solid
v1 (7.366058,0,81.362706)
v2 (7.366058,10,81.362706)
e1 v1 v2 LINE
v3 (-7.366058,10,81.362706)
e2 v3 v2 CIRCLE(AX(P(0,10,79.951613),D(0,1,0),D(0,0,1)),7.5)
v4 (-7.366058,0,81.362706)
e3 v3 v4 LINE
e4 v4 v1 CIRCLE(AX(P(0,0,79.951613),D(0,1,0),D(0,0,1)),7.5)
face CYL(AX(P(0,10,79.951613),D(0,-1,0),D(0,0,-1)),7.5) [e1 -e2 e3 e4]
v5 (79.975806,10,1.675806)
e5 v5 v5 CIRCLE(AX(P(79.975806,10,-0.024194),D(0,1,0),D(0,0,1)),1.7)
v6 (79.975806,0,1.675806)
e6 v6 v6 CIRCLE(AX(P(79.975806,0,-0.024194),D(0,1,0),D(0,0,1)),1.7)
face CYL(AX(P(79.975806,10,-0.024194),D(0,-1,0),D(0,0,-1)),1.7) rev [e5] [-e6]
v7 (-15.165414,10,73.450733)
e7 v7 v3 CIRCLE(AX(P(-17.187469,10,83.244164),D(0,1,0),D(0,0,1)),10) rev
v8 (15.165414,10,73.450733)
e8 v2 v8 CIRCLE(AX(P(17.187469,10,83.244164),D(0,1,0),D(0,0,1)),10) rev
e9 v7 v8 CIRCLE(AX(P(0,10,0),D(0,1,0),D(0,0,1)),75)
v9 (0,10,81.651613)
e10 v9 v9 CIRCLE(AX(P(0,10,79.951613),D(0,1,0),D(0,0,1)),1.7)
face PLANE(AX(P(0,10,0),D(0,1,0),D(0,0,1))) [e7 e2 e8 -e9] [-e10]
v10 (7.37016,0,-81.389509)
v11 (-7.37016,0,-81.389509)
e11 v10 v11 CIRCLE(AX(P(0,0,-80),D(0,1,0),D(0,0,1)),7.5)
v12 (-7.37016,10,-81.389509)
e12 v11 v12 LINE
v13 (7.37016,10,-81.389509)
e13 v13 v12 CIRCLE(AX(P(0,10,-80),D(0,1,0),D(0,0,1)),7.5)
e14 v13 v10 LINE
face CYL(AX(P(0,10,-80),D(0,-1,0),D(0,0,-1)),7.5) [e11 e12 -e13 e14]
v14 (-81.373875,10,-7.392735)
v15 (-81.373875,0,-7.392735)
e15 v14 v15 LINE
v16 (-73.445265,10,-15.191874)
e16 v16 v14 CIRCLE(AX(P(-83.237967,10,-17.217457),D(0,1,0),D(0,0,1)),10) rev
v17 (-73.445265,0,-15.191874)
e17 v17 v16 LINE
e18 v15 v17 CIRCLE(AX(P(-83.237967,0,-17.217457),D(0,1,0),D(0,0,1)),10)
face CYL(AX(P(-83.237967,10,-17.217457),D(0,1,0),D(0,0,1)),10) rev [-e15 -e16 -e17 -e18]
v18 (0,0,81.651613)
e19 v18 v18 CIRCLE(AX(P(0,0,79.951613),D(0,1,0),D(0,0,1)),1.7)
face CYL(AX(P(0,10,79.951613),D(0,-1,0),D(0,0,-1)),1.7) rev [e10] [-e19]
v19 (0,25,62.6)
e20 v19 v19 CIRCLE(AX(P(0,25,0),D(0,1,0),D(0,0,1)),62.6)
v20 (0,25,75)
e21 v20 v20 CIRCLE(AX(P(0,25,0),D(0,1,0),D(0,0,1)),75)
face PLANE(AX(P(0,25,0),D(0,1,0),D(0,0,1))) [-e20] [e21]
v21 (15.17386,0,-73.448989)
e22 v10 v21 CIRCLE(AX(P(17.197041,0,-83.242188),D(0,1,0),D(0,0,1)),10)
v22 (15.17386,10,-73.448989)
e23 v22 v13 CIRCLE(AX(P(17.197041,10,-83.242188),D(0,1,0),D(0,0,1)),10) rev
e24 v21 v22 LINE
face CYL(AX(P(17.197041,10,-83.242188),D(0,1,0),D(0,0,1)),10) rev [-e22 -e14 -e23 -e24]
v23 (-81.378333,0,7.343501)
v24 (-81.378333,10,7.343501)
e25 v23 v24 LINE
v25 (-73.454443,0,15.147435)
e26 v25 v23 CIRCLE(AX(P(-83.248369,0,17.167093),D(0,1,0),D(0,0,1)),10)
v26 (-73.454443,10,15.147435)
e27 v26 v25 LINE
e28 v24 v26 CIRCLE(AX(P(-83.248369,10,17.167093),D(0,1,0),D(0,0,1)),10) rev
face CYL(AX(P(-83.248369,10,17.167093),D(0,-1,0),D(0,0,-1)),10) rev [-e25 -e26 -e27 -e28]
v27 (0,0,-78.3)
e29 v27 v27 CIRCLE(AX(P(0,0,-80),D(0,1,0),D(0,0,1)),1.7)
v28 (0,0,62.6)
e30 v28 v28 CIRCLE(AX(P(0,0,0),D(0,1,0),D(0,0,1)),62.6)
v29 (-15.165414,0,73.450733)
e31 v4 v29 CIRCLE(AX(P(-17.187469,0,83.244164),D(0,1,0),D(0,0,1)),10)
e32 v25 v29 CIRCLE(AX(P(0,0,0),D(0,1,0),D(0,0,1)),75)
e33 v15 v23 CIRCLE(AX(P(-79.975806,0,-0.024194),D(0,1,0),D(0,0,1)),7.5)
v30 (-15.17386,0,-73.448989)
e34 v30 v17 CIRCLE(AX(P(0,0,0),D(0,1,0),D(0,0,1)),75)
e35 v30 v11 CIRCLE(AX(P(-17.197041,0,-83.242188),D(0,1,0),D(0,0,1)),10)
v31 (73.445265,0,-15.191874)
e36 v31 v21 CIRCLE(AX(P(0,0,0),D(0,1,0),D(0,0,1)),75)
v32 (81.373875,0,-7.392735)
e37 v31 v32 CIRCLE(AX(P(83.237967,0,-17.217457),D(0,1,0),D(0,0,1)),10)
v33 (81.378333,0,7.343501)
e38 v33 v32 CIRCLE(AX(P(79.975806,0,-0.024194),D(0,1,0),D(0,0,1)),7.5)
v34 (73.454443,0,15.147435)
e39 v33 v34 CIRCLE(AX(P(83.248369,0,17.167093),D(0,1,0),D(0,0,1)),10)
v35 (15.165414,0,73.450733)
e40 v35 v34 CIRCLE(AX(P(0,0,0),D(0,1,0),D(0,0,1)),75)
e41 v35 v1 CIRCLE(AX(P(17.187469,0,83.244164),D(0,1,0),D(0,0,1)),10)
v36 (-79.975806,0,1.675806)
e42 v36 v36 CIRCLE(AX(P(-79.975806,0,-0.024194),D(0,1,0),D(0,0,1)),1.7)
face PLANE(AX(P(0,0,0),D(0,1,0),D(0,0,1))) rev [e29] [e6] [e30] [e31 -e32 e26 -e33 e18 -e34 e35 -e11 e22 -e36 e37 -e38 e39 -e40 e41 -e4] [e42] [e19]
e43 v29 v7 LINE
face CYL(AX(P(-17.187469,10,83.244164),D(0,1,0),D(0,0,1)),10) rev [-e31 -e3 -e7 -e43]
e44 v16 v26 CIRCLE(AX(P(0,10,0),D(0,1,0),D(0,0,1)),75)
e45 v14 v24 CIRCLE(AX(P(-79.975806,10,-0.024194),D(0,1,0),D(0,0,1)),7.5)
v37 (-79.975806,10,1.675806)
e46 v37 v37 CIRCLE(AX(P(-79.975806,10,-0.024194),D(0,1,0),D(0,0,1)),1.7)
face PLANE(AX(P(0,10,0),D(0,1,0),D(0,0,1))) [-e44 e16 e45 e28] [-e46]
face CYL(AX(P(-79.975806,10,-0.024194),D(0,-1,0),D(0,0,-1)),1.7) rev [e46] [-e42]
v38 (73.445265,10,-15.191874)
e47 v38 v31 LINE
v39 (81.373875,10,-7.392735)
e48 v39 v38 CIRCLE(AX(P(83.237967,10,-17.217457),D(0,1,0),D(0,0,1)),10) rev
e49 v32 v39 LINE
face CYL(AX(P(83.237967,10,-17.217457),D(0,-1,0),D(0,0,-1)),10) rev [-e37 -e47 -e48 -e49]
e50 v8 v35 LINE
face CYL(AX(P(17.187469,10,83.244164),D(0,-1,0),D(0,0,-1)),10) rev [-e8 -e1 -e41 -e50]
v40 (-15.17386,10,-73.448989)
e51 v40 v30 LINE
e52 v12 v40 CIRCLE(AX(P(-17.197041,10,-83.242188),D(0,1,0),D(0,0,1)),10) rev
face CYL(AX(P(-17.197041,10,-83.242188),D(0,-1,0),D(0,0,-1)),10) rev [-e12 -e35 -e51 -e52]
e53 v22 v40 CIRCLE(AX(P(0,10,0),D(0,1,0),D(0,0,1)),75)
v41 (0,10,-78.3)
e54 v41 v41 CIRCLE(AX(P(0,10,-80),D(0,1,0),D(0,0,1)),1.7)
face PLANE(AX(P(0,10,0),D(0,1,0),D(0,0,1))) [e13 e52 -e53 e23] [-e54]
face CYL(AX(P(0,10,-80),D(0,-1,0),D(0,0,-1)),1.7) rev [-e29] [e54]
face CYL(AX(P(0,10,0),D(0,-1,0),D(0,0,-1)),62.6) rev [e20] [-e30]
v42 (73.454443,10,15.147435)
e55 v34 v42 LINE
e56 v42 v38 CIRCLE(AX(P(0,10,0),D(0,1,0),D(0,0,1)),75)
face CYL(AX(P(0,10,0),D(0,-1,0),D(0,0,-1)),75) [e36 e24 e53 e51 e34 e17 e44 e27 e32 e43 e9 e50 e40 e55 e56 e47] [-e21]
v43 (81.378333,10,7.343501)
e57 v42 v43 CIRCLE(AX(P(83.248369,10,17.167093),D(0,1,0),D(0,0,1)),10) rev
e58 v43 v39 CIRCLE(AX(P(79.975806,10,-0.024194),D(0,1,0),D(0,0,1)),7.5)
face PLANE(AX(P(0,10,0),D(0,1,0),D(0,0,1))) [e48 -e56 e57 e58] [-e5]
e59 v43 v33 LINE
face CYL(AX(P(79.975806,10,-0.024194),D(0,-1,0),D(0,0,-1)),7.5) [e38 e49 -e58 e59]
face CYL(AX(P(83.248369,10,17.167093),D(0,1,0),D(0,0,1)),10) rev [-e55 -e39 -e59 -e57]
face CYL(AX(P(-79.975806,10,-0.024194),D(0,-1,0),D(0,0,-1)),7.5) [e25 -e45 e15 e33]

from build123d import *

# Parameters (mm, degrees)
SKETCH1_R           = 75
SKETCH1_R_2         = 62.6
SKETCH1_R_3         = 7.5
SKETCH1_R_4         = 1.7
BOSS_EXTRUDE1_DEPTH = 10
FILLET1_R           = 10
SKETCH2_R           = 75
SKETCH2_R_2         = 62.6
BOSS_EXTRUDE2_DEPTH = 15


with BuildPart() as part:
    # Sketch1 → Boss-Extrude1 (new body)
    # profile 1 of 5: a face of its own
    with BuildSketch(Plane(origin=(0, 0, 0), x_dir=(1, 0, 0), z_dir=(0, 1, 0))):
        Circle(SKETCH1_R)
        with Locations(Location((0, 0, 0), (0, 0, 270))):
            Circle(SKETCH1_R_2, mode=Mode.SUBTRACT)
    # profile 2 of 5: a face of its own
    with BuildSketch(Plane(origin=(0, 0, 0), x_dir=(1, 0, 0), z_dir=(0, 1, 0))):
        with Locations((0, 80)):
            Circle(SKETCH1_R_3)
        with Locations(Location((0, 80, 0), (0, 0, 270))):
            Circle(SKETCH1_R_4, mode=Mode.SUBTRACT)
    # profile 3 of 5: a face of its own
    with BuildSketch(Plane(origin=(0, 0, 0), x_dir=(1, 0, 0), z_dir=(0, 1, 0))):
        with Locations((79.975806452, 0.024193548)):
            Circle(SKETCH1_R_3)
        with Locations(Location((79.975806452, 0.024193548, 0), (0, 0, 270))):
            Circle(SKETCH1_R_4, mode=Mode.SUBTRACT)
    # profile 4 of 5: a face of its own
    with BuildSketch(Plane(origin=(0, 0, 0), x_dir=(1, 0, 0), z_dir=(0, 1, 0))):
        with Locations((0, -79.951612903)):
            Circle(SKETCH1_R_3)
        with Locations(Location((0, -79.951612903, 0), (0, 0, 270))):
            Circle(SKETCH1_R_4, mode=Mode.SUBTRACT)
    # profile 5 of 5: a face of its own
    with BuildSketch(Plane(origin=(0, 0, 0), x_dir=(1, 0, 0), z_dir=(0, 1, 0))):
        with Locations((-79.975806452, 0.024193548)):
            Circle(SKETCH1_R_3)
        with Locations(Location((-79.975806452, 0.024193548, 0), (0, 0, 270))):
            Circle(SKETCH1_R_4, mode=Mode.SUBTRACT)
    extrude(amount=BOSS_EXTRUDE1_DEPTH)

    # Fillet1
    fillet1_edges = [part.edges().sort_by_distance(p)[0] for p in [
        (-74.804759202, 5, 5.408142077),
        (-74.801473468, 5, -5.453399584),
        (5.452241155, 5, 74.801557914),
        (-5.452241155, 5, 74.801557914),
        (74.801473468, 5, -5.453399584),
        (74.804759202, 5, 5.408142077),
        (-5.409133759, 5, -74.8046875),
        (5.409133759, 5, -74.8046875),
    ]]
    fillet(fillet1_edges, radius=FILLET1_R)

    # Sketch2 → Boss-Extrude2 (add)
    with BuildSketch(Plane(origin=(0, 10, 0), x_dir=(1, 0, 0), z_dir=(0, 1, 0))):
        with Locations(Location((0, 0, 0), (0, 0, 78.327450214))):
            Circle(SKETCH2_R)
        with Locations(Location((0, 0, 0), (0, 0, 270))):
            Circle(SKETCH2_R_2, mode=Mode.SUBTRACT)
    extrude(amount=BOSS_EXTRUDE2_DEPTH)


solid = part.part
